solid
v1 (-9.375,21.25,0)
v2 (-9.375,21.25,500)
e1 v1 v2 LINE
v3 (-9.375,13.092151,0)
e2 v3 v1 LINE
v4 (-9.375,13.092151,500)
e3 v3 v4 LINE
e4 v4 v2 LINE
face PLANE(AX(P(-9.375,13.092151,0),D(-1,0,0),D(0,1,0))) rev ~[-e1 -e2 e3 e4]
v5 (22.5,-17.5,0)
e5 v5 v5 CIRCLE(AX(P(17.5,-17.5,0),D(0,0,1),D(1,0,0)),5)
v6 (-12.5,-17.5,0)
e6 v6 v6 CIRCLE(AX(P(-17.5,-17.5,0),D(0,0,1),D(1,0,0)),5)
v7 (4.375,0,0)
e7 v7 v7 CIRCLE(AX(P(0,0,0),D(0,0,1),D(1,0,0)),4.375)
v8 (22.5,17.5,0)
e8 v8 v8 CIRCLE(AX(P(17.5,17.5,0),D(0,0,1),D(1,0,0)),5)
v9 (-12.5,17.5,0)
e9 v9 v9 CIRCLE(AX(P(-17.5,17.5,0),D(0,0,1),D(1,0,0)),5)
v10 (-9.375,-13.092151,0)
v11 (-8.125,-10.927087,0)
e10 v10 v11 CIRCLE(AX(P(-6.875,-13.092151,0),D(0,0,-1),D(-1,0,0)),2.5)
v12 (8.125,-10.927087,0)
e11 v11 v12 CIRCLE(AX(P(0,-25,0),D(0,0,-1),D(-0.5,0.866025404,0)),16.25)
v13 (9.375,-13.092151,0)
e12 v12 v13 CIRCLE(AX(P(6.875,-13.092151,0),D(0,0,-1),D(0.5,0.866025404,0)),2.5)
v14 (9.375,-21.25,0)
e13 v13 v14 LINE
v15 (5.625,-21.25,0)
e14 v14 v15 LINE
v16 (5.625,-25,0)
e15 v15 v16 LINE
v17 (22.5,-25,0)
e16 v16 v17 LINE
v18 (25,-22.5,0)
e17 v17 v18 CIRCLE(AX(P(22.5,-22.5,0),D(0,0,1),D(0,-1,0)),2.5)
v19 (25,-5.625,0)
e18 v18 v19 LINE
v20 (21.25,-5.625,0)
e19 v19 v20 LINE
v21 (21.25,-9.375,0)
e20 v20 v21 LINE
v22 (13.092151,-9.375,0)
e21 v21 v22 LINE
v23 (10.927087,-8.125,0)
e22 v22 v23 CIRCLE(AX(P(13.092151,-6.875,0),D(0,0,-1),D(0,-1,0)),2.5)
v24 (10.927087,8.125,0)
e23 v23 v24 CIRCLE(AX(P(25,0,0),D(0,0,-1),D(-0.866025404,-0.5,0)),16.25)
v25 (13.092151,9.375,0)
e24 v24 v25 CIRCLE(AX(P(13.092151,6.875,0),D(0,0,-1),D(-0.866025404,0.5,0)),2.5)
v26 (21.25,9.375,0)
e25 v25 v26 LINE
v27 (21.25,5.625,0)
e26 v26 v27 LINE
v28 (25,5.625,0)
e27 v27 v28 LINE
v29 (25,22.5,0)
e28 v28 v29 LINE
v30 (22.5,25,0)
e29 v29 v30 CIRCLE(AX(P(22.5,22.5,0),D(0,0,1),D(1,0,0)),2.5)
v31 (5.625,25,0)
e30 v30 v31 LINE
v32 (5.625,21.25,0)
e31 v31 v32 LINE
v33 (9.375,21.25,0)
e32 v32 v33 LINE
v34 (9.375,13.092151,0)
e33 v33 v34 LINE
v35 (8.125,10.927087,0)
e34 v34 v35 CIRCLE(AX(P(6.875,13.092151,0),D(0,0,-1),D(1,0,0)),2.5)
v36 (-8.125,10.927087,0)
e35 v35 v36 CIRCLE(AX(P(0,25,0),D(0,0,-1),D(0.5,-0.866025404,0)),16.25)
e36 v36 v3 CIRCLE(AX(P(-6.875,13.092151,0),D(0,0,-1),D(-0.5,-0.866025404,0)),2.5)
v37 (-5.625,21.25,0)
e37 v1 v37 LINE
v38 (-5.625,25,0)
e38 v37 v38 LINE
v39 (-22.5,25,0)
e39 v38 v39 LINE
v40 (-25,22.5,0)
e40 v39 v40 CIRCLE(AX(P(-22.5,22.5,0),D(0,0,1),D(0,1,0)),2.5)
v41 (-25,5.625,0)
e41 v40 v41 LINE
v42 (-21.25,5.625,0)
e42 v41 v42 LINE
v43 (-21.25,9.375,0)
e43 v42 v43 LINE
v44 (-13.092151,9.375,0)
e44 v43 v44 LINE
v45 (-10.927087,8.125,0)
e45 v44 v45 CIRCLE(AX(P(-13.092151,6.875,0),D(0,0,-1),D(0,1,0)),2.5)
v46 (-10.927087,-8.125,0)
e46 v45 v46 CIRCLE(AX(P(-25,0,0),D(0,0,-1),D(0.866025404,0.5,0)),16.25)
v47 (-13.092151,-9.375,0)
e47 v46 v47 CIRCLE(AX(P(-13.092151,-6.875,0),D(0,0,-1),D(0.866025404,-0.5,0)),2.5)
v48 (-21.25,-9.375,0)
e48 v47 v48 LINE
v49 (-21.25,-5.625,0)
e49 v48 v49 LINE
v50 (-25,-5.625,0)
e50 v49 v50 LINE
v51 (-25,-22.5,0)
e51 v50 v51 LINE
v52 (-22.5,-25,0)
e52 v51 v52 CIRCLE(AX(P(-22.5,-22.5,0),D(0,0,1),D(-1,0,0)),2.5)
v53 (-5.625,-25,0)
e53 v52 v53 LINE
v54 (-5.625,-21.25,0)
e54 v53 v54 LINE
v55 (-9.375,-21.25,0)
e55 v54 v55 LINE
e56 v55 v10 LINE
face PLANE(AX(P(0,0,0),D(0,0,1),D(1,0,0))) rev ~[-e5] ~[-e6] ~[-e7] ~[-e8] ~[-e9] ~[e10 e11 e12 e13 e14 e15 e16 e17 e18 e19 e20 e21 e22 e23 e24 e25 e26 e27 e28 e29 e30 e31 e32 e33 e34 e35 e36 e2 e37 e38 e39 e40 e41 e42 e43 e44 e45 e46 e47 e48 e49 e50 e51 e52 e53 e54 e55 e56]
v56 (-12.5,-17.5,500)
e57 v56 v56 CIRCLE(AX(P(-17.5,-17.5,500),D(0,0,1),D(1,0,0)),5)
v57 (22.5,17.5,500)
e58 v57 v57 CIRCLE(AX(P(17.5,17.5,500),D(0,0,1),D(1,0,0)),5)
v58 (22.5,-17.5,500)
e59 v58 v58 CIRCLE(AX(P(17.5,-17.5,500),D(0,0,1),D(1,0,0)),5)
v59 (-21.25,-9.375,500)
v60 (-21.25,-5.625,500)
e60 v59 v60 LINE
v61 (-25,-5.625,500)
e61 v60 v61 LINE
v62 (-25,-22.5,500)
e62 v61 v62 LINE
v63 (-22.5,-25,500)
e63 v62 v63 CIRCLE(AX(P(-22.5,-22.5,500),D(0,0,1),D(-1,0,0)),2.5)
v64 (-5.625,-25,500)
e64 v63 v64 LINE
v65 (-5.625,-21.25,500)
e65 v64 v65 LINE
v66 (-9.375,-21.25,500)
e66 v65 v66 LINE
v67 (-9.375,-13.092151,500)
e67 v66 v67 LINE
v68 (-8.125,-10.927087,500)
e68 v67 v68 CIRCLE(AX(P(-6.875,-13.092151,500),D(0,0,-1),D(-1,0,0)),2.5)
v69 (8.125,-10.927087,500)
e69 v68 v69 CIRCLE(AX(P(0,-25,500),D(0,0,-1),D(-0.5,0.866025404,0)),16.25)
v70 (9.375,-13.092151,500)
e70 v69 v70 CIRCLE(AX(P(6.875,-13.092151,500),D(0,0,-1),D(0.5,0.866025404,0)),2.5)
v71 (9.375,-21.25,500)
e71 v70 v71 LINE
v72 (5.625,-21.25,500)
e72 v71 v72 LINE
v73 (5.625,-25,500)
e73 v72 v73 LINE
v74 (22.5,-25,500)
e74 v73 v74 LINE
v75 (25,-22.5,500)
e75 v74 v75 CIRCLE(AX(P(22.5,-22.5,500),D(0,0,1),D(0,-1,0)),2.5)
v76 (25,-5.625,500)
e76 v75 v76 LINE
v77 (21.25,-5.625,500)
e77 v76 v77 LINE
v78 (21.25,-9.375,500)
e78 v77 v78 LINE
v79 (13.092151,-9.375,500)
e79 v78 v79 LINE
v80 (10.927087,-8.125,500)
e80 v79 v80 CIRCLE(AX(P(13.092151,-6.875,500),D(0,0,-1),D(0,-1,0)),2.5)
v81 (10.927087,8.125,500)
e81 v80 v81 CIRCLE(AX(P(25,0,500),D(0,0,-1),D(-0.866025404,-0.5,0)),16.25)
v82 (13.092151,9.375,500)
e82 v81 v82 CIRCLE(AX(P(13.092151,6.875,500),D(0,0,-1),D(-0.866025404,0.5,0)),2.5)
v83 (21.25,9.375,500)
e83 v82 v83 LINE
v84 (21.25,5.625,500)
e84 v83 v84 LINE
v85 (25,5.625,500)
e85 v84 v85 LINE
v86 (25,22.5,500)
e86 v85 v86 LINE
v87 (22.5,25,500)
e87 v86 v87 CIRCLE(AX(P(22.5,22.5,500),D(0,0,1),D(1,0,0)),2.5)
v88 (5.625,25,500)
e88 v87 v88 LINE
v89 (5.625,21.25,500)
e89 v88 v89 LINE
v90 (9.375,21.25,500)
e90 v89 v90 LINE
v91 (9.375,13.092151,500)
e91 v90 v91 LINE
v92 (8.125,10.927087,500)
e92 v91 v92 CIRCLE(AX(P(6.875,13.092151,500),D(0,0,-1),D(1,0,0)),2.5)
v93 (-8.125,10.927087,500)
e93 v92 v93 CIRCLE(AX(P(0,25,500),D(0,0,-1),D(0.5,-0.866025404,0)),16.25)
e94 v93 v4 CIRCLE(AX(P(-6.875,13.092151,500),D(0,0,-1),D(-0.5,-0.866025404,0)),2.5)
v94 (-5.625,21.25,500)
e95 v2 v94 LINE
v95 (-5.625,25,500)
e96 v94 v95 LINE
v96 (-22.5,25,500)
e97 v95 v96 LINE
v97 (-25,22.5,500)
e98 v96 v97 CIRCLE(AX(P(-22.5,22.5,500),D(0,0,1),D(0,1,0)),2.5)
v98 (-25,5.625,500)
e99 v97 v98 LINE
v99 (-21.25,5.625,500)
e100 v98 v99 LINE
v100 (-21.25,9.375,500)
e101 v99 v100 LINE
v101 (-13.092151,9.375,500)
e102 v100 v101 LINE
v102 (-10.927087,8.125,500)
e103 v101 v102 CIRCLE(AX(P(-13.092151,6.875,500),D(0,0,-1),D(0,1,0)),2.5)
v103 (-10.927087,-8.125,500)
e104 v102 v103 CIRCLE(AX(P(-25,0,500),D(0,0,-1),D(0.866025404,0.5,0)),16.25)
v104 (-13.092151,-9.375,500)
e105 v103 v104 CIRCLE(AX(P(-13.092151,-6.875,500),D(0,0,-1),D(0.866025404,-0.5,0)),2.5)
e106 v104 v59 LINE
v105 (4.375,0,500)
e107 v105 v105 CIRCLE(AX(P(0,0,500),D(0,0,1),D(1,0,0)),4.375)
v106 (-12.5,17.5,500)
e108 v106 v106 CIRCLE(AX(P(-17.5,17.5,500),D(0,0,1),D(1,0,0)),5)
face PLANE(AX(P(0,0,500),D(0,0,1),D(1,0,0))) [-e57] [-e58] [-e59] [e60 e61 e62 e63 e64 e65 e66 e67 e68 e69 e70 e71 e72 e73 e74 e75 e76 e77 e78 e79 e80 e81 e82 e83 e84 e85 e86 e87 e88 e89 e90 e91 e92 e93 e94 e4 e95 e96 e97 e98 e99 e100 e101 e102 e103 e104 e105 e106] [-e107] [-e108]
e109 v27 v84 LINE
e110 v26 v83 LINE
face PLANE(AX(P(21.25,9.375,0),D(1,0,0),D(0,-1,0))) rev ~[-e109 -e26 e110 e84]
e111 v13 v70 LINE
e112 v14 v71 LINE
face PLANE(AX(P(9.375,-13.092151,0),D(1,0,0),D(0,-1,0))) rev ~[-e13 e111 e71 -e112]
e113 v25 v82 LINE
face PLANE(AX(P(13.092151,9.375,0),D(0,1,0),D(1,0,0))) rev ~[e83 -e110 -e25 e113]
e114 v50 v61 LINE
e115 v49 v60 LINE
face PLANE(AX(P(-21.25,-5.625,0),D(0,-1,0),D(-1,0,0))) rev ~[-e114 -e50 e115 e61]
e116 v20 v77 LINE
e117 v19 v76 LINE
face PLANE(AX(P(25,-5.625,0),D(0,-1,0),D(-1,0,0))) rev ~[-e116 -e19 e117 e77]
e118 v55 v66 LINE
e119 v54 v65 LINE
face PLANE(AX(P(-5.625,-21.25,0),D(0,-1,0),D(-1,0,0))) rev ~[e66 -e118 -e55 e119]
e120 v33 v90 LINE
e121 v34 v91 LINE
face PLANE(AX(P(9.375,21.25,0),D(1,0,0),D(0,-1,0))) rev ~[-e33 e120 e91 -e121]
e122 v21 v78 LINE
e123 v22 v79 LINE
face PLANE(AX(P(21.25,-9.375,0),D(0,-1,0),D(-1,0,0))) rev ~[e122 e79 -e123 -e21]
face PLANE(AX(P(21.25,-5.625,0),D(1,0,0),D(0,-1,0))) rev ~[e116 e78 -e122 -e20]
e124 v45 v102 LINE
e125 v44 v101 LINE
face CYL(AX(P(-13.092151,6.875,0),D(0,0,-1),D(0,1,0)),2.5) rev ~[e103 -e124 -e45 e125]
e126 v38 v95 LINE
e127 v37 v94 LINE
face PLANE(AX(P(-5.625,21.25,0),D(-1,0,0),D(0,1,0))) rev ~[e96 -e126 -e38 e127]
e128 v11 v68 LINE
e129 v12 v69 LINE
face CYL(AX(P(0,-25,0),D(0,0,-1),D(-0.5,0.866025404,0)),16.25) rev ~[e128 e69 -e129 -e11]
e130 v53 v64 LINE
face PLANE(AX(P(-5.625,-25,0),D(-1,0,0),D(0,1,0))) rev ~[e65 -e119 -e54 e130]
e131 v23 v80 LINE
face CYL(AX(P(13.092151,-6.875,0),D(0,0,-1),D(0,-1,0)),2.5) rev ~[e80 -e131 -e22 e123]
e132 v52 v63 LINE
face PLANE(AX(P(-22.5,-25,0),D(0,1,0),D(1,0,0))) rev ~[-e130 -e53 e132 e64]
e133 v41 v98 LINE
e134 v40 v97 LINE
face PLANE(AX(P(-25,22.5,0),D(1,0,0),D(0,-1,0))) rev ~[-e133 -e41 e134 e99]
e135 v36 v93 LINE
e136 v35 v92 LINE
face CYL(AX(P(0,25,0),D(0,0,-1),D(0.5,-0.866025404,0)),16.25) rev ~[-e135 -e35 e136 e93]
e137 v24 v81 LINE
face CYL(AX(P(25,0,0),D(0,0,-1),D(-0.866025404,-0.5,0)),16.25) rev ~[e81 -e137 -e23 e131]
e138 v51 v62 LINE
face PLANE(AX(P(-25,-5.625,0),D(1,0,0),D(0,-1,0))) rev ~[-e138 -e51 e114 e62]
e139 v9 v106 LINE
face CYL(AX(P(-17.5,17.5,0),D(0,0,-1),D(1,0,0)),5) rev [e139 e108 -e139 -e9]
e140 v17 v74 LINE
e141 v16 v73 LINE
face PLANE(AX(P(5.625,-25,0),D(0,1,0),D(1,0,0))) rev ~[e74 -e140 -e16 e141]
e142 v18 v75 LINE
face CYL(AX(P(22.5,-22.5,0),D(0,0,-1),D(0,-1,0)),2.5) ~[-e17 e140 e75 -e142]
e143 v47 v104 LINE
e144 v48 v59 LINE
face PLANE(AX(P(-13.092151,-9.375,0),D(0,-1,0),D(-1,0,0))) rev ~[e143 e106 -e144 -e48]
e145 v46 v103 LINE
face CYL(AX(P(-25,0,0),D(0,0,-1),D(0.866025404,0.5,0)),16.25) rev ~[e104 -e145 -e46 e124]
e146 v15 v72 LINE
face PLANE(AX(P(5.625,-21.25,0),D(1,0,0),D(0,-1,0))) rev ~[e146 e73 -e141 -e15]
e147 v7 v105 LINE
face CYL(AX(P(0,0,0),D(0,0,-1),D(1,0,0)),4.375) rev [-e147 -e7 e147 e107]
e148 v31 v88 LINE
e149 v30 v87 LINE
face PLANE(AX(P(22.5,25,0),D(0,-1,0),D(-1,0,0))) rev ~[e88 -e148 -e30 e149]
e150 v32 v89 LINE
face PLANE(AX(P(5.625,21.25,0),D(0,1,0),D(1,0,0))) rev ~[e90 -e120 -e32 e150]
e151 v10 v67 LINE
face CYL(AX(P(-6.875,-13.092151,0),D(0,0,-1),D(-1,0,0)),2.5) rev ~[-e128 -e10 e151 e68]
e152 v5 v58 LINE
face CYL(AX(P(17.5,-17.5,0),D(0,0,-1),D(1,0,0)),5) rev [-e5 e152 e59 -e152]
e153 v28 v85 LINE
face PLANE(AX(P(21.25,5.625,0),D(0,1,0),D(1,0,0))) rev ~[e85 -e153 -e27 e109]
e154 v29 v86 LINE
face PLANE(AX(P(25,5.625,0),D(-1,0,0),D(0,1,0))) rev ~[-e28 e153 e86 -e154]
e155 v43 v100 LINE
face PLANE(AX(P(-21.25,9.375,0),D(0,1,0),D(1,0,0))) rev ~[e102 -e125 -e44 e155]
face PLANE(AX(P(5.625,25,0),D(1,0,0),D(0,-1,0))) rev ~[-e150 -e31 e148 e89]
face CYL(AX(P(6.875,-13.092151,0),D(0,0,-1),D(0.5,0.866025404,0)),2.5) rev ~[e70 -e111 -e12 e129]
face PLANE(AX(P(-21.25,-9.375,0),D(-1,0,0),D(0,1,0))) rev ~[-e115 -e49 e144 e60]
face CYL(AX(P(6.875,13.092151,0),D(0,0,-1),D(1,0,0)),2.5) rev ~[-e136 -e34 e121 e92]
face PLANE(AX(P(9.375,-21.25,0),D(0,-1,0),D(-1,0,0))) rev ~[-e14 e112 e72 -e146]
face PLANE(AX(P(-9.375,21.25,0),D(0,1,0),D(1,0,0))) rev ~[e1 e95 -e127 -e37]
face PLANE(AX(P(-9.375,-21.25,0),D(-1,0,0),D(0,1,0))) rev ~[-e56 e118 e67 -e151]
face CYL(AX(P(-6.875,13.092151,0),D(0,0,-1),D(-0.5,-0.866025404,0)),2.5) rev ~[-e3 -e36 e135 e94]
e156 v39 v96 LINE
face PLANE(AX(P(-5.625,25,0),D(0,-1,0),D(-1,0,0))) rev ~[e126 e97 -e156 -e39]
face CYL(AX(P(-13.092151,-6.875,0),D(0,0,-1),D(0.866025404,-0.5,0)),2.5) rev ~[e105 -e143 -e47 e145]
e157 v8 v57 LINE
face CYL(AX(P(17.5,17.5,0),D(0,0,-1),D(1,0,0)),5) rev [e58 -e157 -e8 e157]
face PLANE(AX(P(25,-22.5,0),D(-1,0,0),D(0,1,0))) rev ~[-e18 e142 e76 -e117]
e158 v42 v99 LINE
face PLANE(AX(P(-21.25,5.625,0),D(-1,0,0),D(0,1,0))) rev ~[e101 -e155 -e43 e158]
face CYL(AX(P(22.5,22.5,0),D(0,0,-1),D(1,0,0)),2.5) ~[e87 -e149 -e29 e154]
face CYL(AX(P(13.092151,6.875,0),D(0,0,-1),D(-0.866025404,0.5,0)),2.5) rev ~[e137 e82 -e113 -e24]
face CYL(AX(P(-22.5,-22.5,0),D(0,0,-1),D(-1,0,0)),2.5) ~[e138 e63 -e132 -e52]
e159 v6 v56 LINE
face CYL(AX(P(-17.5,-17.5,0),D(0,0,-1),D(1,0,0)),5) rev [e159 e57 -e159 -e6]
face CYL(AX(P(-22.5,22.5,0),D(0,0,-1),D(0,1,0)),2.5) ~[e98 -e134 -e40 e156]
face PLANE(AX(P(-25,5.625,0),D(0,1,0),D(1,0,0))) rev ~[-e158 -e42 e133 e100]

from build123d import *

# Parameters (mm, degrees)
SKETCH1_R           = 5
SKETCH1_R_2         = 4.375
BOSS_EXTRUDE1_DEPTH = 500


with BuildPart() as part:
    # Sketch1 → Boss-Extrude1 (new body)
    with BuildSketch(Plane.XY):
        with BuildLine():
            Line((-25, 22.5), (-25, 5.625))
            Line((-25, 5.625), (-21.25, 5.625))
            Line((-21.25, 5.625), (-21.25, 9.375))
            Line((-21.25, 9.375), (-13.092150698, 9.375))
            ThreePointArc((-13.092150698, 9.375), (-11.842150698, 9.040063509), (-10.927087189, 8.125))
            ThreePointArc((-10.927087189, 8.125), (-8.75, 0), (-10.927087189, -8.125))
            ThreePointArc((-10.927087189, -8.125), (-11.842150698, -9.040063509), (-13.092150698, -9.375))
            Line((-13.092150698, -9.375), (-21.25, -9.375))
            Line((-21.25, -9.375), (-21.25, -5.625))
            Line((-21.25, -5.625), (-25, -5.625))
            Line((-25, -5.625), (-25, -22.5))
            ThreePointArc((-25, -22.5), (-24.267766953, -24.267766953), (-22.5, -25))
            Line((-22.5, -25), (-5.625, -25))
            Line((-5.625, -25), (-5.625, -21.25))
            Line((-5.625, -21.25), (-9.375, -21.25))
            Line((-9.375, -21.25), (-9.375, -13.092150698))
            ThreePointArc((-9.375, -13.092150698), (-9.040063509, -11.842150698), (-8.125, -10.927087189))
            ThreePointArc((-8.125, -10.927087189), (0, -8.75), (8.125, -10.927087189))
            ThreePointArc((8.125, -10.927087189), (9.040063509, -11.842150698), (9.375, -13.092150698))
            Line((9.375, -13.092150698), (9.375, -21.25))
            Line((9.375, -21.25), (5.625, -21.25))
            Line((5.625, -21.25), (5.625, -25))
            Line((5.625, -25), (22.5, -25))
            ThreePointArc((22.5, -25), (24.267766953, -24.267766953), (25, -22.5))
            Line((25, -22.5), (25, -5.625))
            Line((25, -5.625), (21.25, -5.625))
            Line((21.25, -5.625), (21.25, -9.375))
            Line((21.25, -9.375), (13.092150698, -9.375))
            ThreePointArc((13.092150698, -9.375), (11.842150698, -9.040063509), (10.927087189, -8.125))
            ThreePointArc((10.927087189, -8.125), (8.75, 0), (10.927087189, 8.125))
            ThreePointArc((10.927087189, 8.125), (11.842150698, 9.040063509), (13.092150698, 9.375))
            Line((13.092150698, 9.375), (21.25, 9.375))
            Line((21.25, 9.375), (21.25, 5.625))
            Line((21.25, 5.625), (25, 5.625))
            Line((25, 5.625), (25, 22.5))
            ThreePointArc((25, 22.5), (24.267766953, 24.267766953), (22.5, 25))
            Line((22.5, 25), (5.625, 25))
            Line((5.625, 25), (5.625, 21.25))
            Line((5.625, 21.25), (9.375, 21.25))
            Line((9.375, 21.25), (9.375, 13.092150698))
            ThreePointArc((9.375, 13.092150698), (9.040063509, 11.842150698), (8.125, 10.927087189))
            ThreePointArc((8.125, 10.927087189), (0, 8.75), (-8.125, 10.927087189))
            ThreePointArc((-8.125, 10.927087189), (-9.040063509, 11.842150698), (-9.375, 13.092150698))
            Line((-9.375, 13.092150698), (-9.375, 21.25))
            Line((-9.375, 21.25), (-5.625, 21.25))
            Line((-5.625, 21.25), (-5.625, 25))
            Line((-5.625, 25), (-22.5, 25))
            ThreePointArc((-22.5, 25), (-24.267766953, 24.267766953), (-25, 22.5))
        make_face()
        with Locations((-17.5, -17.5)):
            Circle(SKETCH1_R, mode=Mode.SUBTRACT)
        with Locations((17.5, -17.5)):
            Circle(SKETCH1_R, mode=Mode.SUBTRACT)
        with Locations((17.5, 17.5)):
            Circle(SKETCH1_R, mode=Mode.SUBTRACT)
        Circle(SKETCH1_R_2, mode=Mode.SUBTRACT)
        with Locations((-17.5, 17.5)):
            Circle(SKETCH1_R, mode=Mode.SUBTRACT)
    extrude(amount=BOSS_EXTRUDE1_DEPTH)


solid = part.part
